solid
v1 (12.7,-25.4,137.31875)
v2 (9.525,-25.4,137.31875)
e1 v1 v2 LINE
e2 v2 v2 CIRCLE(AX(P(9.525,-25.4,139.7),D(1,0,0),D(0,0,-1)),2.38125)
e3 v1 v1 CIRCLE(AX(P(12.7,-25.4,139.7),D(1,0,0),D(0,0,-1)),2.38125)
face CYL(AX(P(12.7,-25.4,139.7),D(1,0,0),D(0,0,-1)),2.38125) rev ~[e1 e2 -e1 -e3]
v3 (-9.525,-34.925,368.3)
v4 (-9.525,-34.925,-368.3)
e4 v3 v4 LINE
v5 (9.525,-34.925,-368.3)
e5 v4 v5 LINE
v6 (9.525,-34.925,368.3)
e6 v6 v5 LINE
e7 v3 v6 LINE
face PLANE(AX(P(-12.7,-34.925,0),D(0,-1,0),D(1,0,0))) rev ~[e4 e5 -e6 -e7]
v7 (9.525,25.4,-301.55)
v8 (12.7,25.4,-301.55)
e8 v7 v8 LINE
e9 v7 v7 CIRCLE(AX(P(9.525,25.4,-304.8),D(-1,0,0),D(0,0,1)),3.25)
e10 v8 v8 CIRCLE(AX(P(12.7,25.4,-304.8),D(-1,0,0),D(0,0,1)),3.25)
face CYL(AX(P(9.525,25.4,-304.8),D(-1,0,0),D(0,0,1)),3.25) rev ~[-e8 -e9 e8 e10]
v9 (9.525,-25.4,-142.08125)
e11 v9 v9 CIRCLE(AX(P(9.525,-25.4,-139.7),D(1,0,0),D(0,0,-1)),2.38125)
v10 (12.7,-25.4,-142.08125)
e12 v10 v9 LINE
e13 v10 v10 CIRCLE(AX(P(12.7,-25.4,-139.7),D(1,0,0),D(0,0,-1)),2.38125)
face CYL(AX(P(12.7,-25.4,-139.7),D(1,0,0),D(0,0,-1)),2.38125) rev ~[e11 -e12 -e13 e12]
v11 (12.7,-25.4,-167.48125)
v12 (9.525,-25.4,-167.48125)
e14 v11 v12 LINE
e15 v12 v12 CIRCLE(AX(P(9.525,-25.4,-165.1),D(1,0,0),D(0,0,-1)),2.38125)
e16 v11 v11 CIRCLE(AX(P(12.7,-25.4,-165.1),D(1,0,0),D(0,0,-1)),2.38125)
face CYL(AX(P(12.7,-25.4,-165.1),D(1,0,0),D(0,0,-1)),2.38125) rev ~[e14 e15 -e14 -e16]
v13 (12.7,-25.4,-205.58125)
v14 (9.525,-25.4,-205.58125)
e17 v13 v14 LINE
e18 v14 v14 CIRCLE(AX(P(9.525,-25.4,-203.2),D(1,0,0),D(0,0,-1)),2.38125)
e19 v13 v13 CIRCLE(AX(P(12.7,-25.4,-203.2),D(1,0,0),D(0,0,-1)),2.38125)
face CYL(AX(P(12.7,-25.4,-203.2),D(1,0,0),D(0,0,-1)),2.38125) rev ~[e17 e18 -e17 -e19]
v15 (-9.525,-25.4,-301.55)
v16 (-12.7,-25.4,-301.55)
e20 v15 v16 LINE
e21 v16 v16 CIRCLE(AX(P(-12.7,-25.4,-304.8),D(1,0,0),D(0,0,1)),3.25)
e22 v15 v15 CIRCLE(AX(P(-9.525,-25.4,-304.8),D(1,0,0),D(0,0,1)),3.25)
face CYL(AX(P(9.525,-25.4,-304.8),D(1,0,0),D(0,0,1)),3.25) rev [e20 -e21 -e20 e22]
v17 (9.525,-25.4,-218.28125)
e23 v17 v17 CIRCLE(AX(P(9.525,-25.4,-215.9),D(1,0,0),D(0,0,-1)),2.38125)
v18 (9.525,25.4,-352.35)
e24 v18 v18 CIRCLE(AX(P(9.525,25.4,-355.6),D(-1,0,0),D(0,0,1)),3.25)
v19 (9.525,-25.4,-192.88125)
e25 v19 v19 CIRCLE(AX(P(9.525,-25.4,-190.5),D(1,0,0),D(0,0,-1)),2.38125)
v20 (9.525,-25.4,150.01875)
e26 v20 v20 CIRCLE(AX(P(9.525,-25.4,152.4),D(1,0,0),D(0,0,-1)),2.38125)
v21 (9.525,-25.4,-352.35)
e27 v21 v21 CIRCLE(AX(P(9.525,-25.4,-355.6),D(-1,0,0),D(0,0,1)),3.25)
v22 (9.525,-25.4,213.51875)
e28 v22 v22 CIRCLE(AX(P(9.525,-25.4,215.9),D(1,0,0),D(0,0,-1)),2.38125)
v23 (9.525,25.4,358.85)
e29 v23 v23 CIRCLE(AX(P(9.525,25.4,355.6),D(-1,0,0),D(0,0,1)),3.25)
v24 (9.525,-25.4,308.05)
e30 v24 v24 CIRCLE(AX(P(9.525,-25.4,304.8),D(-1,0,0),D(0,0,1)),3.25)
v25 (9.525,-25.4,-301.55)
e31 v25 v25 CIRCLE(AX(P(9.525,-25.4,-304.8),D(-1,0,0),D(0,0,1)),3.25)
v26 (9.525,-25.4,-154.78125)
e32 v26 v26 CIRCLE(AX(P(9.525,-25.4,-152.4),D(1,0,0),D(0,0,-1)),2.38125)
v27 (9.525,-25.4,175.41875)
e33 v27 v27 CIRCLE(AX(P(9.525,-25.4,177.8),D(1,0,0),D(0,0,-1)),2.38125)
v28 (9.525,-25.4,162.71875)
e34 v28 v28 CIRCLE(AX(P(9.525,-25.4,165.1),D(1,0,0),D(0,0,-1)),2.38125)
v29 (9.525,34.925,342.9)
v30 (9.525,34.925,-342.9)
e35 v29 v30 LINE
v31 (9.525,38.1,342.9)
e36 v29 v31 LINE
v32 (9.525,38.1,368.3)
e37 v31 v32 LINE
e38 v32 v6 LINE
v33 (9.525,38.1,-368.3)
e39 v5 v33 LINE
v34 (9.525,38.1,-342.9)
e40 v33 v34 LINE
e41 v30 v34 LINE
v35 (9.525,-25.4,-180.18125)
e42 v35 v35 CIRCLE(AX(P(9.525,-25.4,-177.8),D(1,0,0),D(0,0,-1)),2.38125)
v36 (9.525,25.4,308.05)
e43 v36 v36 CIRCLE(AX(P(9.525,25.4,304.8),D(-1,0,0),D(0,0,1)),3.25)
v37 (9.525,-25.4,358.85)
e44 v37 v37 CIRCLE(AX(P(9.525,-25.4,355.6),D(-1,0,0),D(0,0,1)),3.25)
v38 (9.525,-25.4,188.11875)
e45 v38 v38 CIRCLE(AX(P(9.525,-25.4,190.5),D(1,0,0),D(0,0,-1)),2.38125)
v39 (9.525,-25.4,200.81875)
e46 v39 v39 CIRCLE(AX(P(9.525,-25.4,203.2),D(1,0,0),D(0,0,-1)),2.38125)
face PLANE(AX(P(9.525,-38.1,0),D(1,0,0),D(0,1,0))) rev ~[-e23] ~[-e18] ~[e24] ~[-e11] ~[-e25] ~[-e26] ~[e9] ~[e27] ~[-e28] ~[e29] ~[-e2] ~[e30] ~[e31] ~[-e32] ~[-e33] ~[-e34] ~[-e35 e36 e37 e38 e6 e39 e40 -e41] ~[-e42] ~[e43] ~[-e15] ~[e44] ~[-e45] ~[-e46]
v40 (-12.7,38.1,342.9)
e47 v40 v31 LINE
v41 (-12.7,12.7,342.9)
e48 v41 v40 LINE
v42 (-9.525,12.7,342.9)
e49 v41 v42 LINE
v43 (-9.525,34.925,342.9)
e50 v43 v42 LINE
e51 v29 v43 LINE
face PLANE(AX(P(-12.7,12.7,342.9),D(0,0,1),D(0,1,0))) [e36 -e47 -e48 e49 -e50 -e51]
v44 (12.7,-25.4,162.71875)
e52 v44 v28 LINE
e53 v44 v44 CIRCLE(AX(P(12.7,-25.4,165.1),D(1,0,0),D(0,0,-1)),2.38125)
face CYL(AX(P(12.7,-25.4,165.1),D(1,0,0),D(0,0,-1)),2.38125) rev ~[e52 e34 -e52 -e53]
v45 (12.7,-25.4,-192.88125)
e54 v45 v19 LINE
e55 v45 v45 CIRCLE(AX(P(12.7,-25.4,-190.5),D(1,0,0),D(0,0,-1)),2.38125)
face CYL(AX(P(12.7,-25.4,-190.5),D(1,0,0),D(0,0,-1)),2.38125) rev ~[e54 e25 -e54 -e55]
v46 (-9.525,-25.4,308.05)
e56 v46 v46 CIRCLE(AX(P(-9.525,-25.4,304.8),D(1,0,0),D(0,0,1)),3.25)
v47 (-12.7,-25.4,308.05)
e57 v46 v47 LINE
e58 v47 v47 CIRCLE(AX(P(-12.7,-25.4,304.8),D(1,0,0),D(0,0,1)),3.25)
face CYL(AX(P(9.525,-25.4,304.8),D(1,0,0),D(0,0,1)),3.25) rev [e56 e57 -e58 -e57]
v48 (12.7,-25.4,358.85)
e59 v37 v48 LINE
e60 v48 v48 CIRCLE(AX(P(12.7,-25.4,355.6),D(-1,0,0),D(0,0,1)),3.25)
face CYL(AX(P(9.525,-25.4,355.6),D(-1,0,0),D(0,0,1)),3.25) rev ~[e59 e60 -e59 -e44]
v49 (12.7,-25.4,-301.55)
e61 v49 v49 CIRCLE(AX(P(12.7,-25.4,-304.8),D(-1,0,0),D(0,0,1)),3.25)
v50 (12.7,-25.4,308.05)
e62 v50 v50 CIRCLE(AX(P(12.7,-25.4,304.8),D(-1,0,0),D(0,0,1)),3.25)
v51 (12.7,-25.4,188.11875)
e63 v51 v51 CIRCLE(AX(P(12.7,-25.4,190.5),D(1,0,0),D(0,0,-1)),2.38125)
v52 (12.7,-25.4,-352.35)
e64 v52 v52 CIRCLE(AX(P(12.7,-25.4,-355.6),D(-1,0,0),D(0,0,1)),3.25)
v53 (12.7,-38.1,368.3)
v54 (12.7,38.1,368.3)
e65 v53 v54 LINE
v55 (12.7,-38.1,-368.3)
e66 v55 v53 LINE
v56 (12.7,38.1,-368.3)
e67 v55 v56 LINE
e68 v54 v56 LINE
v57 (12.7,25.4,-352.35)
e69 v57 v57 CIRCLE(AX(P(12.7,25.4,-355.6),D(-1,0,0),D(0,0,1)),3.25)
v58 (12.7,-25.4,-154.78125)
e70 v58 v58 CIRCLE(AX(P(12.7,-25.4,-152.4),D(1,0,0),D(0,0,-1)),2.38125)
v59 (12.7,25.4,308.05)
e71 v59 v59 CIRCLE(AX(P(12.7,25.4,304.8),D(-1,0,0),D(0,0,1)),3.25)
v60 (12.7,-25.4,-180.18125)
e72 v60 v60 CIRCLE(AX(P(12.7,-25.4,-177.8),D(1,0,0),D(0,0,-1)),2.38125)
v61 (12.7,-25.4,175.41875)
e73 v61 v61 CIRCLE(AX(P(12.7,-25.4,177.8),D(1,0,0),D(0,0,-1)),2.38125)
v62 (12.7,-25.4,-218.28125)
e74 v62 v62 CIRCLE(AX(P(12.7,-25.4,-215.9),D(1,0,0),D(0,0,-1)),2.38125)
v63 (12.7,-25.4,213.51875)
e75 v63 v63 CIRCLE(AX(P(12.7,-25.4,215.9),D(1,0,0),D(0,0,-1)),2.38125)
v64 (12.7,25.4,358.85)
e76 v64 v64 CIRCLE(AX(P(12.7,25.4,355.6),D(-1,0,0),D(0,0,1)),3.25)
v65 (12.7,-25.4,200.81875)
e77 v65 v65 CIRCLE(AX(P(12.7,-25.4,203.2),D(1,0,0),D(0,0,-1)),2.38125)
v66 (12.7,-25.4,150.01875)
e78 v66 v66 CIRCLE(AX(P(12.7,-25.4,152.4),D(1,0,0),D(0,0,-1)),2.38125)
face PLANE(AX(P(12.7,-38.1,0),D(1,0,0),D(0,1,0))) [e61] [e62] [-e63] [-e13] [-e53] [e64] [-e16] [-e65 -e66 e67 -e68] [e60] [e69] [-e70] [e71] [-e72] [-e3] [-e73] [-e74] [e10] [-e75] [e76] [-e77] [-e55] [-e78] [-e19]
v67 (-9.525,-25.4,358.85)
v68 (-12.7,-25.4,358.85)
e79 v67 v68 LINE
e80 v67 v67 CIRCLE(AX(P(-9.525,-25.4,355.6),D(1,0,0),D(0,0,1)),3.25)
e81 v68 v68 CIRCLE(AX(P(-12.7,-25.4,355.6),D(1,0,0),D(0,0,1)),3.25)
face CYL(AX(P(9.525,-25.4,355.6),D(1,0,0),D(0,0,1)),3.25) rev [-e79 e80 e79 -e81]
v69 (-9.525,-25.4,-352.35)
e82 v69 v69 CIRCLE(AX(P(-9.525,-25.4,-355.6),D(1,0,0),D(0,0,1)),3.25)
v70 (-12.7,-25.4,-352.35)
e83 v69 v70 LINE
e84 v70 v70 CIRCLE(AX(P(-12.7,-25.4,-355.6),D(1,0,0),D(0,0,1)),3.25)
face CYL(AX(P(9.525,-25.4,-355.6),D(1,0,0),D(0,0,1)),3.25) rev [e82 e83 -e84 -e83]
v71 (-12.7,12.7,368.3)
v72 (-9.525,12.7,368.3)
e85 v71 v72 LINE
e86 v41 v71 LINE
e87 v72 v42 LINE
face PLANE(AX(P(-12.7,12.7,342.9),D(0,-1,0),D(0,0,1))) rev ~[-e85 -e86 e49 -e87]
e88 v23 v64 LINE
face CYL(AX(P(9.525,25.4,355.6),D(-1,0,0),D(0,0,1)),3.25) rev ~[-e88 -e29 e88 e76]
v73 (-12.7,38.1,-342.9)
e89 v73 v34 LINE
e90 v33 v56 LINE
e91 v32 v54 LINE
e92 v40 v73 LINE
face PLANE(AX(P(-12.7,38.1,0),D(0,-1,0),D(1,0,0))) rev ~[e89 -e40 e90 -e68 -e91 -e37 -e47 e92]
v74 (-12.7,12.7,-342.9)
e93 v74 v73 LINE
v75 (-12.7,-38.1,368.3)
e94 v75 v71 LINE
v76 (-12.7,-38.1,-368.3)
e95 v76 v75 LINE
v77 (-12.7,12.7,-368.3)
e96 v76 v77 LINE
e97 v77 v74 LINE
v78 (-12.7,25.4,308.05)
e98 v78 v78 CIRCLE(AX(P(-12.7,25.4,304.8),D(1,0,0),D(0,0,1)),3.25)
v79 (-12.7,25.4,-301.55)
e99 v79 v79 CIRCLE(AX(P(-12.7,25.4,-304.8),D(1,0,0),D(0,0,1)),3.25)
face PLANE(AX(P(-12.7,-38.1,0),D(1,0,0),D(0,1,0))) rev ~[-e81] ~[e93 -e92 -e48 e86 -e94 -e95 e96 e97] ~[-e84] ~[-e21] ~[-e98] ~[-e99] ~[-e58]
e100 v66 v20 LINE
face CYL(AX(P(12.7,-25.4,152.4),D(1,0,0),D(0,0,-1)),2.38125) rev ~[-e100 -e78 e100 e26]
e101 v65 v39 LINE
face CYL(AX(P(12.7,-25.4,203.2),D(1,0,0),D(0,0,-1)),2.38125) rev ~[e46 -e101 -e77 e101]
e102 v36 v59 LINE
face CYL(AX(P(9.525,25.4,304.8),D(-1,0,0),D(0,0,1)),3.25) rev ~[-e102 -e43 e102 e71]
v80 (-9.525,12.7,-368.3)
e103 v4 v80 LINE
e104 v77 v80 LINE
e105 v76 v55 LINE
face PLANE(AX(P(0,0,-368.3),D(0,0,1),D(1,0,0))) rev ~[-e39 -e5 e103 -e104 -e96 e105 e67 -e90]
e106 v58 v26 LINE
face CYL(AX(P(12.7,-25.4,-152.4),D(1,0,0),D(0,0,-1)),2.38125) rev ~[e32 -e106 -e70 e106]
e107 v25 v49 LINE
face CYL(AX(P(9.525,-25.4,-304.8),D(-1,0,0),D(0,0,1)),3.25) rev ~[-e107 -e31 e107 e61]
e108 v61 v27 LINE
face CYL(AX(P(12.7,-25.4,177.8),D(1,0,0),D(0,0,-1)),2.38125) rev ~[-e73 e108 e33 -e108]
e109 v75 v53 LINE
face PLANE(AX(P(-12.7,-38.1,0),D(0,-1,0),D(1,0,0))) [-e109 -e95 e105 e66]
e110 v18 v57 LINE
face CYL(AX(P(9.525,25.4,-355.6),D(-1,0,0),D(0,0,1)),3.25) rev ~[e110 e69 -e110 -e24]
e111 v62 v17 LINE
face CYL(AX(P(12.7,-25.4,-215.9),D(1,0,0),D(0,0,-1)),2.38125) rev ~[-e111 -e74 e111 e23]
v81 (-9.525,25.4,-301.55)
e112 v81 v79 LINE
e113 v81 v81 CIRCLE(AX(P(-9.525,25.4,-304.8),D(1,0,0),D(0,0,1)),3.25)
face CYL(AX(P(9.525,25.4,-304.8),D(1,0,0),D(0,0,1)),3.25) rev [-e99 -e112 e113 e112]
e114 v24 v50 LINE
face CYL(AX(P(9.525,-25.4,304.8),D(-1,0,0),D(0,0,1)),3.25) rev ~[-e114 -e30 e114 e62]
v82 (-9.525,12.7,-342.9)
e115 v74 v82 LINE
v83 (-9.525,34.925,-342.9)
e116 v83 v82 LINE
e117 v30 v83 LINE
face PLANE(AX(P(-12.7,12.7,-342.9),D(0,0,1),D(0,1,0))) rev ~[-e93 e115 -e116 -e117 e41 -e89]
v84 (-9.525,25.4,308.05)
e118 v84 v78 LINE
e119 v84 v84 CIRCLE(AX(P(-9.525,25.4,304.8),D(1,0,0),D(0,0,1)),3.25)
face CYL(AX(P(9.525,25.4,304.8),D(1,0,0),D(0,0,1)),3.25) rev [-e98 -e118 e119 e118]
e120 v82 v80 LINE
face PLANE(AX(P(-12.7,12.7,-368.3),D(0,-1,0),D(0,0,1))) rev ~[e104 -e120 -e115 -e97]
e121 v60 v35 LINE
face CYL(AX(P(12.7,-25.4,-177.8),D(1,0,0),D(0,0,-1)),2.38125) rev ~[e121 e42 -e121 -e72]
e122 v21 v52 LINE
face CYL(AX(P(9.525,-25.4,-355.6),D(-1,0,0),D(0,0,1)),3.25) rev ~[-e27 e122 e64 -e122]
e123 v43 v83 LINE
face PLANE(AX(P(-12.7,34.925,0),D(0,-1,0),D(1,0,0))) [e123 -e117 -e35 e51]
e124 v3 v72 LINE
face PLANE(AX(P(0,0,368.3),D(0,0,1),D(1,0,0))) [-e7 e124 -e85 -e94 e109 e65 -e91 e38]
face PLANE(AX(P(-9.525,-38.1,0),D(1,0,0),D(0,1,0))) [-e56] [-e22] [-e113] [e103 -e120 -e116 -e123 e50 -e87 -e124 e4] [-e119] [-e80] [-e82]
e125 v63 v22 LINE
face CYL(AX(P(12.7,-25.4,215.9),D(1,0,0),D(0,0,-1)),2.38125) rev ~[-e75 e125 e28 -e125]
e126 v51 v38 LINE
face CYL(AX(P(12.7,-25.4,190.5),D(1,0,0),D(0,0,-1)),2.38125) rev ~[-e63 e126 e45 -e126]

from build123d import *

# Parameters (mm, degrees)
SKETCH1_W               = 25.4
SKETCH1_H               = 76.2
BOSS_EXTRUDE1_DEPTH     = 368.3
SHELL1_T                = -3.175
CUT_EXTRUDE2_REACH      = 27.4
SKETCH3_R               = 2.38125
SKETCH4_W               = 25.4
SKETCH4_H               = 25.4
CUT_EXTRUDE3_DEPTH      = 22.225
SKETCH5_R               = 3.25
CUT_EXTRUDE4_DEPTH      = 23.225
CUT_EXTRUDE4_DEPTH_BACK = 4.175


with BuildPart() as part:
    # Sketch1 → Boss-Extrude1 (new body, symmetric)
    with BuildSketch(Plane.XY):
        Rectangle(SKETCH1_W, SKETCH1_H)
    extrude(amount=BOSS_EXTRUDE1_DEPTH, both=True)

    # Shell1
    shell1_openings = [part.faces().sort_by_distance(p)[0] for p in [
        (0, 0, 368.3),
        (0, 0, -368.3),
    ]]
    offset(amount=SHELL1_T, openings=shell1_openings, kind=Kind.INTERSECTION)

    # Sketch3 → Cut-Extrude2 (cut, up to next)
    with BuildSketch(Plane(origin=(12.7, 0, 0), x_dir=(0, 0, -1), z_dir=(1, 0, 0)), mode=Mode.PRIVATE) as cut_extrude2_sk1:
        with Locations((215.9, -25.4)):
            Circle(SKETCH3_R)
    cut_extrude2_tool1 = extrude(cut_extrude2_sk1.sketch, amount=-CUT_EXTRUDE2_REACH, mode=Mode.PRIVATE) & part.part
    add(cut_extrude2_tool1.solids().sort_by_distance((12.7, -25.4, -215.9))[0], mode=Mode.SUBTRACT)
    # Sketch3 → Cut-Extrude2 (cut, up to next)
    with BuildSketch(Plane(origin=(12.7, 0, 0), x_dir=(0, 0, -1), z_dir=(1, 0, 0)), mode=Mode.PRIVATE) as cut_extrude2_sk2:
        with Locations((203.2, -25.4)):
            Circle(SKETCH3_R)
    cut_extrude2_tool2 = extrude(cut_extrude2_sk2.sketch, amount=-CUT_EXTRUDE2_REACH, mode=Mode.PRIVATE) & part.part
    add(cut_extrude2_tool2.solids().sort_by_distance((12.7, -25.4, -203.2))[0], mode=Mode.SUBTRACT)
    # Sketch3 → Cut-Extrude2 (cut, up to next)
    with BuildSketch(Plane(origin=(12.7, 0, 0), x_dir=(0, 0, -1), z_dir=(1, 0, 0)), mode=Mode.PRIVATE) as cut_extrude2_sk3:
        with Locations((190.5, -25.4)):
            Circle(SKETCH3_R)
    cut_extrude2_tool3 = extrude(cut_extrude2_sk3.sketch, amount=-CUT_EXTRUDE2_REACH, mode=Mode.PRIVATE) & part.part
    add(cut_extrude2_tool3.solids().sort_by_distance((12.7, -25.4, -190.5))[0], mode=Mode.SUBTRACT)
    # Sketch3 → Cut-Extrude2 (cut, up to next)
    with BuildSketch(Plane(origin=(12.7, 0, 0), x_dir=(0, 0, -1), z_dir=(1, 0, 0)), mode=Mode.PRIVATE) as cut_extrude2_sk4:
        with Locations((177.8, -25.4)):
            Circle(SKETCH3_R)
    cut_extrude2_tool4 = extrude(cut_extrude2_sk4.sketch, amount=-CUT_EXTRUDE2_REACH, mode=Mode.PRIVATE) & part.part
    add(cut_extrude2_tool4.solids().sort_by_distance((12.7, -25.4, -177.8))[0], mode=Mode.SUBTRACT)
    # Sketch3 → Cut-Extrude2 (cut, up to next)
    with BuildSketch(Plane(origin=(12.7, 0, 0), x_dir=(0, 0, -1), z_dir=(1, 0, 0)), mode=Mode.PRIVATE) as cut_extrude2_sk5:
        with Locations((165.1, -25.4)):
            Circle(SKETCH3_R)
    cut_extrude2_tool5 = extrude(cut_extrude2_sk5.sketch, amount=-CUT_EXTRUDE2_REACH, mode=Mode.PRIVATE) & part.part
    add(cut_extrude2_tool5.solids().sort_by_distance((12.7, -25.4, -165.1))[0], mode=Mode.SUBTRACT)
    # Sketch3 → Cut-Extrude2 (cut, up to next)
    with BuildSketch(Plane(origin=(12.7, 0, 0), x_dir=(0, 0, -1), z_dir=(1, 0, 0)), mode=Mode.PRIVATE) as cut_extrude2_sk6:
        with Locations((152.4, -25.4)):
            Circle(SKETCH3_R)
    cut_extrude2_tool6 = extrude(cut_extrude2_sk6.sketch, amount=-CUT_EXTRUDE2_REACH, mode=Mode.PRIVATE) & part.part
    add(cut_extrude2_tool6.solids().sort_by_distance((12.7, -25.4, -152.4))[0], mode=Mode.SUBTRACT)
    # Sketch3 → Cut-Extrude2 (cut, up to next)
    with BuildSketch(Plane(origin=(12.7, 0, 0), x_dir=(0, 0, -1), z_dir=(1, 0, 0)), mode=Mode.PRIVATE) as cut_extrude2_sk7:
        with Locations((139.7, -25.4)):
            Circle(SKETCH3_R)
    cut_extrude2_tool7 = extrude(cut_extrude2_sk7.sketch, amount=-CUT_EXTRUDE2_REACH, mode=Mode.PRIVATE) & part.part
    add(cut_extrude2_tool7.solids().sort_by_distance((12.7, -25.4, -139.7))[0], mode=Mode.SUBTRACT)
    # Sketch3 → Cut-Extrude2 (cut, up to next)
    with BuildSketch(Plane(origin=(12.7, 0, 0), x_dir=(0, 0, -1), z_dir=(1, 0, 0)), mode=Mode.PRIVATE) as cut_extrude2_sk8:
        with Locations((-139.7, -25.4)):
            Circle(SKETCH3_R)
    cut_extrude2_tool8 = extrude(cut_extrude2_sk8.sketch, amount=-CUT_EXTRUDE2_REACH, mode=Mode.PRIVATE) & part.part
    add(cut_extrude2_tool8.solids().sort_by_distance((12.7, -25.4, 139.7))[0], mode=Mode.SUBTRACT)
    # Sketch3 → Cut-Extrude2 (cut, up to next)
    with BuildSketch(Plane(origin=(12.7, 0, 0), x_dir=(0, 0, -1), z_dir=(1, 0, 0)), mode=Mode.PRIVATE) as cut_extrude2_sk9:
        with Locations((-152.4, -25.4)):
            Circle(SKETCH3_R)
    cut_extrude2_tool9 = extrude(cut_extrude2_sk9.sketch, amount=-CUT_EXTRUDE2_REACH, mode=Mode.PRIVATE) & part.part
    add(cut_extrude2_tool9.solids().sort_by_distance((12.7, -25.4, 152.4))[0], mode=Mode.SUBTRACT)
    # Sketch3 → Cut-Extrude2 (cut, up to next)
    with BuildSketch(Plane(origin=(12.7, 0, 0), x_dir=(0, 0, -1), z_dir=(1, 0, 0)), mode=Mode.PRIVATE) as cut_extrude2_sk10:
        with Locations((-165.1, -25.4)):
            Circle(SKETCH3_R)
    cut_extrude2_tool10 = extrude(cut_extrude2_sk10.sketch, amount=-CUT_EXTRUDE2_REACH, mode=Mode.PRIVATE) & part.part
    add(cut_extrude2_tool10.solids().sort_by_distance((12.7, -25.4, 165.1))[0], mode=Mode.SUBTRACT)
    # Sketch3 → Cut-Extrude2 (cut, up to next)
    with BuildSketch(Plane(origin=(12.7, 0, 0), x_dir=(0, 0, -1), z_dir=(1, 0, 0)), mode=Mode.PRIVATE) as cut_extrude2_sk11:
        with Locations((-203.2, -25.4)):
            Circle(SKETCH3_R)
    cut_extrude2_tool11 = extrude(cut_extrude2_sk11.sketch, amount=-CUT_EXTRUDE2_REACH, mode=Mode.PRIVATE) & part.part
    add(cut_extrude2_tool11.solids().sort_by_distance((12.7, -25.4, 203.2))[0], mode=Mode.SUBTRACT)
    # Sketch3 → Cut-Extrude2 (cut, up to next)
    with BuildSketch(Plane(origin=(12.7, 0, 0), x_dir=(0, 0, -1), z_dir=(1, 0, 0)), mode=Mode.PRIVATE) as cut_extrude2_sk12:
        with Locations((-177.8, -25.4)):
            Circle(SKETCH3_R)
    cut_extrude2_tool12 = extrude(cut_extrude2_sk12.sketch, amount=-CUT_EXTRUDE2_REACH, mode=Mode.PRIVATE) & part.part
    add(cut_extrude2_tool12.solids().sort_by_distance((12.7, -25.4, 177.8))[0], mode=Mode.SUBTRACT)
    # Sketch3 → Cut-Extrude2 (cut, up to next)
    with BuildSketch(Plane(origin=(12.7, 0, 0), x_dir=(0, 0, -1), z_dir=(1, 0, 0)), mode=Mode.PRIVATE) as cut_extrude2_sk13:
        with Locations((-215.9, -25.4)):
            Circle(SKETCH3_R)
    cut_extrude2_tool13 = extrude(cut_extrude2_sk13.sketch, amount=-CUT_EXTRUDE2_REACH, mode=Mode.PRIVATE) & part.part
    add(cut_extrude2_tool13.solids().sort_by_distance((12.7, -25.4, 215.9))[0], mode=Mode.SUBTRACT)
    # Sketch3 → Cut-Extrude2 (cut, up to next)
    with BuildSketch(Plane(origin=(12.7, 0, 0), x_dir=(0, 0, -1), z_dir=(1, 0, 0)), mode=Mode.PRIVATE) as cut_extrude2_sk14:
        with Locations((-190.5, -25.4)):
            Circle(SKETCH3_R)
    cut_extrude2_tool14 = extrude(cut_extrude2_sk14.sketch, amount=-CUT_EXTRUDE2_REACH, mode=Mode.PRIVATE) & part.part
    add(cut_extrude2_tool14.solids().sort_by_distance((12.7, -25.4, 190.5))[0], mode=Mode.SUBTRACT)

    # Sketch4 → Cut-Extrude3 (cut)
    with BuildSketch(Plane.ZY.offset(12.7)):
        with Locations((-355.6, 25.4)):
            Rectangle(SKETCH4_W, SKETCH4_H)
        with Locations((355.6, 25.4)):
            Rectangle(SKETCH4_W, SKETCH4_H)
    extrude(amount=-CUT_EXTRUDE3_DEPTH, mode=Mode.SUBTRACT)

    # Sketch5 → Cut-Extrude4 (cut, two sides)
    with BuildSketch(Plane.ZY.offset(-9.525)) as cut_extrude4_sk:
        with Locations((-355.6, 25.4)):
            Circle(SKETCH5_R)
        with Locations((355.6, 25.4)):
            Circle(SKETCH5_R)
        with Locations((-355.6, -25.4)):
            Circle(SKETCH5_R)
        with Locations((-304.8, -25.4)):
            Circle(SKETCH5_R)
        with Locations((-304.8, 25.4)):
            Circle(SKETCH5_R)
        with Locations((304.8, 25.4)):
            Circle(SKETCH5_R)
        with Locations((304.8, -25.4)):
            Circle(SKETCH5_R)
        with Locations((355.6, -25.4)):
            Circle(SKETCH5_R)
    extrude(amount=CUT_EXTRUDE4_DEPTH, mode=Mode.SUBTRACT)
    extrude(cut_extrude4_sk.sketch, amount=-CUT_EXTRUDE4_DEPTH_BACK, mode=Mode.SUBTRACT)


solid = part.part
